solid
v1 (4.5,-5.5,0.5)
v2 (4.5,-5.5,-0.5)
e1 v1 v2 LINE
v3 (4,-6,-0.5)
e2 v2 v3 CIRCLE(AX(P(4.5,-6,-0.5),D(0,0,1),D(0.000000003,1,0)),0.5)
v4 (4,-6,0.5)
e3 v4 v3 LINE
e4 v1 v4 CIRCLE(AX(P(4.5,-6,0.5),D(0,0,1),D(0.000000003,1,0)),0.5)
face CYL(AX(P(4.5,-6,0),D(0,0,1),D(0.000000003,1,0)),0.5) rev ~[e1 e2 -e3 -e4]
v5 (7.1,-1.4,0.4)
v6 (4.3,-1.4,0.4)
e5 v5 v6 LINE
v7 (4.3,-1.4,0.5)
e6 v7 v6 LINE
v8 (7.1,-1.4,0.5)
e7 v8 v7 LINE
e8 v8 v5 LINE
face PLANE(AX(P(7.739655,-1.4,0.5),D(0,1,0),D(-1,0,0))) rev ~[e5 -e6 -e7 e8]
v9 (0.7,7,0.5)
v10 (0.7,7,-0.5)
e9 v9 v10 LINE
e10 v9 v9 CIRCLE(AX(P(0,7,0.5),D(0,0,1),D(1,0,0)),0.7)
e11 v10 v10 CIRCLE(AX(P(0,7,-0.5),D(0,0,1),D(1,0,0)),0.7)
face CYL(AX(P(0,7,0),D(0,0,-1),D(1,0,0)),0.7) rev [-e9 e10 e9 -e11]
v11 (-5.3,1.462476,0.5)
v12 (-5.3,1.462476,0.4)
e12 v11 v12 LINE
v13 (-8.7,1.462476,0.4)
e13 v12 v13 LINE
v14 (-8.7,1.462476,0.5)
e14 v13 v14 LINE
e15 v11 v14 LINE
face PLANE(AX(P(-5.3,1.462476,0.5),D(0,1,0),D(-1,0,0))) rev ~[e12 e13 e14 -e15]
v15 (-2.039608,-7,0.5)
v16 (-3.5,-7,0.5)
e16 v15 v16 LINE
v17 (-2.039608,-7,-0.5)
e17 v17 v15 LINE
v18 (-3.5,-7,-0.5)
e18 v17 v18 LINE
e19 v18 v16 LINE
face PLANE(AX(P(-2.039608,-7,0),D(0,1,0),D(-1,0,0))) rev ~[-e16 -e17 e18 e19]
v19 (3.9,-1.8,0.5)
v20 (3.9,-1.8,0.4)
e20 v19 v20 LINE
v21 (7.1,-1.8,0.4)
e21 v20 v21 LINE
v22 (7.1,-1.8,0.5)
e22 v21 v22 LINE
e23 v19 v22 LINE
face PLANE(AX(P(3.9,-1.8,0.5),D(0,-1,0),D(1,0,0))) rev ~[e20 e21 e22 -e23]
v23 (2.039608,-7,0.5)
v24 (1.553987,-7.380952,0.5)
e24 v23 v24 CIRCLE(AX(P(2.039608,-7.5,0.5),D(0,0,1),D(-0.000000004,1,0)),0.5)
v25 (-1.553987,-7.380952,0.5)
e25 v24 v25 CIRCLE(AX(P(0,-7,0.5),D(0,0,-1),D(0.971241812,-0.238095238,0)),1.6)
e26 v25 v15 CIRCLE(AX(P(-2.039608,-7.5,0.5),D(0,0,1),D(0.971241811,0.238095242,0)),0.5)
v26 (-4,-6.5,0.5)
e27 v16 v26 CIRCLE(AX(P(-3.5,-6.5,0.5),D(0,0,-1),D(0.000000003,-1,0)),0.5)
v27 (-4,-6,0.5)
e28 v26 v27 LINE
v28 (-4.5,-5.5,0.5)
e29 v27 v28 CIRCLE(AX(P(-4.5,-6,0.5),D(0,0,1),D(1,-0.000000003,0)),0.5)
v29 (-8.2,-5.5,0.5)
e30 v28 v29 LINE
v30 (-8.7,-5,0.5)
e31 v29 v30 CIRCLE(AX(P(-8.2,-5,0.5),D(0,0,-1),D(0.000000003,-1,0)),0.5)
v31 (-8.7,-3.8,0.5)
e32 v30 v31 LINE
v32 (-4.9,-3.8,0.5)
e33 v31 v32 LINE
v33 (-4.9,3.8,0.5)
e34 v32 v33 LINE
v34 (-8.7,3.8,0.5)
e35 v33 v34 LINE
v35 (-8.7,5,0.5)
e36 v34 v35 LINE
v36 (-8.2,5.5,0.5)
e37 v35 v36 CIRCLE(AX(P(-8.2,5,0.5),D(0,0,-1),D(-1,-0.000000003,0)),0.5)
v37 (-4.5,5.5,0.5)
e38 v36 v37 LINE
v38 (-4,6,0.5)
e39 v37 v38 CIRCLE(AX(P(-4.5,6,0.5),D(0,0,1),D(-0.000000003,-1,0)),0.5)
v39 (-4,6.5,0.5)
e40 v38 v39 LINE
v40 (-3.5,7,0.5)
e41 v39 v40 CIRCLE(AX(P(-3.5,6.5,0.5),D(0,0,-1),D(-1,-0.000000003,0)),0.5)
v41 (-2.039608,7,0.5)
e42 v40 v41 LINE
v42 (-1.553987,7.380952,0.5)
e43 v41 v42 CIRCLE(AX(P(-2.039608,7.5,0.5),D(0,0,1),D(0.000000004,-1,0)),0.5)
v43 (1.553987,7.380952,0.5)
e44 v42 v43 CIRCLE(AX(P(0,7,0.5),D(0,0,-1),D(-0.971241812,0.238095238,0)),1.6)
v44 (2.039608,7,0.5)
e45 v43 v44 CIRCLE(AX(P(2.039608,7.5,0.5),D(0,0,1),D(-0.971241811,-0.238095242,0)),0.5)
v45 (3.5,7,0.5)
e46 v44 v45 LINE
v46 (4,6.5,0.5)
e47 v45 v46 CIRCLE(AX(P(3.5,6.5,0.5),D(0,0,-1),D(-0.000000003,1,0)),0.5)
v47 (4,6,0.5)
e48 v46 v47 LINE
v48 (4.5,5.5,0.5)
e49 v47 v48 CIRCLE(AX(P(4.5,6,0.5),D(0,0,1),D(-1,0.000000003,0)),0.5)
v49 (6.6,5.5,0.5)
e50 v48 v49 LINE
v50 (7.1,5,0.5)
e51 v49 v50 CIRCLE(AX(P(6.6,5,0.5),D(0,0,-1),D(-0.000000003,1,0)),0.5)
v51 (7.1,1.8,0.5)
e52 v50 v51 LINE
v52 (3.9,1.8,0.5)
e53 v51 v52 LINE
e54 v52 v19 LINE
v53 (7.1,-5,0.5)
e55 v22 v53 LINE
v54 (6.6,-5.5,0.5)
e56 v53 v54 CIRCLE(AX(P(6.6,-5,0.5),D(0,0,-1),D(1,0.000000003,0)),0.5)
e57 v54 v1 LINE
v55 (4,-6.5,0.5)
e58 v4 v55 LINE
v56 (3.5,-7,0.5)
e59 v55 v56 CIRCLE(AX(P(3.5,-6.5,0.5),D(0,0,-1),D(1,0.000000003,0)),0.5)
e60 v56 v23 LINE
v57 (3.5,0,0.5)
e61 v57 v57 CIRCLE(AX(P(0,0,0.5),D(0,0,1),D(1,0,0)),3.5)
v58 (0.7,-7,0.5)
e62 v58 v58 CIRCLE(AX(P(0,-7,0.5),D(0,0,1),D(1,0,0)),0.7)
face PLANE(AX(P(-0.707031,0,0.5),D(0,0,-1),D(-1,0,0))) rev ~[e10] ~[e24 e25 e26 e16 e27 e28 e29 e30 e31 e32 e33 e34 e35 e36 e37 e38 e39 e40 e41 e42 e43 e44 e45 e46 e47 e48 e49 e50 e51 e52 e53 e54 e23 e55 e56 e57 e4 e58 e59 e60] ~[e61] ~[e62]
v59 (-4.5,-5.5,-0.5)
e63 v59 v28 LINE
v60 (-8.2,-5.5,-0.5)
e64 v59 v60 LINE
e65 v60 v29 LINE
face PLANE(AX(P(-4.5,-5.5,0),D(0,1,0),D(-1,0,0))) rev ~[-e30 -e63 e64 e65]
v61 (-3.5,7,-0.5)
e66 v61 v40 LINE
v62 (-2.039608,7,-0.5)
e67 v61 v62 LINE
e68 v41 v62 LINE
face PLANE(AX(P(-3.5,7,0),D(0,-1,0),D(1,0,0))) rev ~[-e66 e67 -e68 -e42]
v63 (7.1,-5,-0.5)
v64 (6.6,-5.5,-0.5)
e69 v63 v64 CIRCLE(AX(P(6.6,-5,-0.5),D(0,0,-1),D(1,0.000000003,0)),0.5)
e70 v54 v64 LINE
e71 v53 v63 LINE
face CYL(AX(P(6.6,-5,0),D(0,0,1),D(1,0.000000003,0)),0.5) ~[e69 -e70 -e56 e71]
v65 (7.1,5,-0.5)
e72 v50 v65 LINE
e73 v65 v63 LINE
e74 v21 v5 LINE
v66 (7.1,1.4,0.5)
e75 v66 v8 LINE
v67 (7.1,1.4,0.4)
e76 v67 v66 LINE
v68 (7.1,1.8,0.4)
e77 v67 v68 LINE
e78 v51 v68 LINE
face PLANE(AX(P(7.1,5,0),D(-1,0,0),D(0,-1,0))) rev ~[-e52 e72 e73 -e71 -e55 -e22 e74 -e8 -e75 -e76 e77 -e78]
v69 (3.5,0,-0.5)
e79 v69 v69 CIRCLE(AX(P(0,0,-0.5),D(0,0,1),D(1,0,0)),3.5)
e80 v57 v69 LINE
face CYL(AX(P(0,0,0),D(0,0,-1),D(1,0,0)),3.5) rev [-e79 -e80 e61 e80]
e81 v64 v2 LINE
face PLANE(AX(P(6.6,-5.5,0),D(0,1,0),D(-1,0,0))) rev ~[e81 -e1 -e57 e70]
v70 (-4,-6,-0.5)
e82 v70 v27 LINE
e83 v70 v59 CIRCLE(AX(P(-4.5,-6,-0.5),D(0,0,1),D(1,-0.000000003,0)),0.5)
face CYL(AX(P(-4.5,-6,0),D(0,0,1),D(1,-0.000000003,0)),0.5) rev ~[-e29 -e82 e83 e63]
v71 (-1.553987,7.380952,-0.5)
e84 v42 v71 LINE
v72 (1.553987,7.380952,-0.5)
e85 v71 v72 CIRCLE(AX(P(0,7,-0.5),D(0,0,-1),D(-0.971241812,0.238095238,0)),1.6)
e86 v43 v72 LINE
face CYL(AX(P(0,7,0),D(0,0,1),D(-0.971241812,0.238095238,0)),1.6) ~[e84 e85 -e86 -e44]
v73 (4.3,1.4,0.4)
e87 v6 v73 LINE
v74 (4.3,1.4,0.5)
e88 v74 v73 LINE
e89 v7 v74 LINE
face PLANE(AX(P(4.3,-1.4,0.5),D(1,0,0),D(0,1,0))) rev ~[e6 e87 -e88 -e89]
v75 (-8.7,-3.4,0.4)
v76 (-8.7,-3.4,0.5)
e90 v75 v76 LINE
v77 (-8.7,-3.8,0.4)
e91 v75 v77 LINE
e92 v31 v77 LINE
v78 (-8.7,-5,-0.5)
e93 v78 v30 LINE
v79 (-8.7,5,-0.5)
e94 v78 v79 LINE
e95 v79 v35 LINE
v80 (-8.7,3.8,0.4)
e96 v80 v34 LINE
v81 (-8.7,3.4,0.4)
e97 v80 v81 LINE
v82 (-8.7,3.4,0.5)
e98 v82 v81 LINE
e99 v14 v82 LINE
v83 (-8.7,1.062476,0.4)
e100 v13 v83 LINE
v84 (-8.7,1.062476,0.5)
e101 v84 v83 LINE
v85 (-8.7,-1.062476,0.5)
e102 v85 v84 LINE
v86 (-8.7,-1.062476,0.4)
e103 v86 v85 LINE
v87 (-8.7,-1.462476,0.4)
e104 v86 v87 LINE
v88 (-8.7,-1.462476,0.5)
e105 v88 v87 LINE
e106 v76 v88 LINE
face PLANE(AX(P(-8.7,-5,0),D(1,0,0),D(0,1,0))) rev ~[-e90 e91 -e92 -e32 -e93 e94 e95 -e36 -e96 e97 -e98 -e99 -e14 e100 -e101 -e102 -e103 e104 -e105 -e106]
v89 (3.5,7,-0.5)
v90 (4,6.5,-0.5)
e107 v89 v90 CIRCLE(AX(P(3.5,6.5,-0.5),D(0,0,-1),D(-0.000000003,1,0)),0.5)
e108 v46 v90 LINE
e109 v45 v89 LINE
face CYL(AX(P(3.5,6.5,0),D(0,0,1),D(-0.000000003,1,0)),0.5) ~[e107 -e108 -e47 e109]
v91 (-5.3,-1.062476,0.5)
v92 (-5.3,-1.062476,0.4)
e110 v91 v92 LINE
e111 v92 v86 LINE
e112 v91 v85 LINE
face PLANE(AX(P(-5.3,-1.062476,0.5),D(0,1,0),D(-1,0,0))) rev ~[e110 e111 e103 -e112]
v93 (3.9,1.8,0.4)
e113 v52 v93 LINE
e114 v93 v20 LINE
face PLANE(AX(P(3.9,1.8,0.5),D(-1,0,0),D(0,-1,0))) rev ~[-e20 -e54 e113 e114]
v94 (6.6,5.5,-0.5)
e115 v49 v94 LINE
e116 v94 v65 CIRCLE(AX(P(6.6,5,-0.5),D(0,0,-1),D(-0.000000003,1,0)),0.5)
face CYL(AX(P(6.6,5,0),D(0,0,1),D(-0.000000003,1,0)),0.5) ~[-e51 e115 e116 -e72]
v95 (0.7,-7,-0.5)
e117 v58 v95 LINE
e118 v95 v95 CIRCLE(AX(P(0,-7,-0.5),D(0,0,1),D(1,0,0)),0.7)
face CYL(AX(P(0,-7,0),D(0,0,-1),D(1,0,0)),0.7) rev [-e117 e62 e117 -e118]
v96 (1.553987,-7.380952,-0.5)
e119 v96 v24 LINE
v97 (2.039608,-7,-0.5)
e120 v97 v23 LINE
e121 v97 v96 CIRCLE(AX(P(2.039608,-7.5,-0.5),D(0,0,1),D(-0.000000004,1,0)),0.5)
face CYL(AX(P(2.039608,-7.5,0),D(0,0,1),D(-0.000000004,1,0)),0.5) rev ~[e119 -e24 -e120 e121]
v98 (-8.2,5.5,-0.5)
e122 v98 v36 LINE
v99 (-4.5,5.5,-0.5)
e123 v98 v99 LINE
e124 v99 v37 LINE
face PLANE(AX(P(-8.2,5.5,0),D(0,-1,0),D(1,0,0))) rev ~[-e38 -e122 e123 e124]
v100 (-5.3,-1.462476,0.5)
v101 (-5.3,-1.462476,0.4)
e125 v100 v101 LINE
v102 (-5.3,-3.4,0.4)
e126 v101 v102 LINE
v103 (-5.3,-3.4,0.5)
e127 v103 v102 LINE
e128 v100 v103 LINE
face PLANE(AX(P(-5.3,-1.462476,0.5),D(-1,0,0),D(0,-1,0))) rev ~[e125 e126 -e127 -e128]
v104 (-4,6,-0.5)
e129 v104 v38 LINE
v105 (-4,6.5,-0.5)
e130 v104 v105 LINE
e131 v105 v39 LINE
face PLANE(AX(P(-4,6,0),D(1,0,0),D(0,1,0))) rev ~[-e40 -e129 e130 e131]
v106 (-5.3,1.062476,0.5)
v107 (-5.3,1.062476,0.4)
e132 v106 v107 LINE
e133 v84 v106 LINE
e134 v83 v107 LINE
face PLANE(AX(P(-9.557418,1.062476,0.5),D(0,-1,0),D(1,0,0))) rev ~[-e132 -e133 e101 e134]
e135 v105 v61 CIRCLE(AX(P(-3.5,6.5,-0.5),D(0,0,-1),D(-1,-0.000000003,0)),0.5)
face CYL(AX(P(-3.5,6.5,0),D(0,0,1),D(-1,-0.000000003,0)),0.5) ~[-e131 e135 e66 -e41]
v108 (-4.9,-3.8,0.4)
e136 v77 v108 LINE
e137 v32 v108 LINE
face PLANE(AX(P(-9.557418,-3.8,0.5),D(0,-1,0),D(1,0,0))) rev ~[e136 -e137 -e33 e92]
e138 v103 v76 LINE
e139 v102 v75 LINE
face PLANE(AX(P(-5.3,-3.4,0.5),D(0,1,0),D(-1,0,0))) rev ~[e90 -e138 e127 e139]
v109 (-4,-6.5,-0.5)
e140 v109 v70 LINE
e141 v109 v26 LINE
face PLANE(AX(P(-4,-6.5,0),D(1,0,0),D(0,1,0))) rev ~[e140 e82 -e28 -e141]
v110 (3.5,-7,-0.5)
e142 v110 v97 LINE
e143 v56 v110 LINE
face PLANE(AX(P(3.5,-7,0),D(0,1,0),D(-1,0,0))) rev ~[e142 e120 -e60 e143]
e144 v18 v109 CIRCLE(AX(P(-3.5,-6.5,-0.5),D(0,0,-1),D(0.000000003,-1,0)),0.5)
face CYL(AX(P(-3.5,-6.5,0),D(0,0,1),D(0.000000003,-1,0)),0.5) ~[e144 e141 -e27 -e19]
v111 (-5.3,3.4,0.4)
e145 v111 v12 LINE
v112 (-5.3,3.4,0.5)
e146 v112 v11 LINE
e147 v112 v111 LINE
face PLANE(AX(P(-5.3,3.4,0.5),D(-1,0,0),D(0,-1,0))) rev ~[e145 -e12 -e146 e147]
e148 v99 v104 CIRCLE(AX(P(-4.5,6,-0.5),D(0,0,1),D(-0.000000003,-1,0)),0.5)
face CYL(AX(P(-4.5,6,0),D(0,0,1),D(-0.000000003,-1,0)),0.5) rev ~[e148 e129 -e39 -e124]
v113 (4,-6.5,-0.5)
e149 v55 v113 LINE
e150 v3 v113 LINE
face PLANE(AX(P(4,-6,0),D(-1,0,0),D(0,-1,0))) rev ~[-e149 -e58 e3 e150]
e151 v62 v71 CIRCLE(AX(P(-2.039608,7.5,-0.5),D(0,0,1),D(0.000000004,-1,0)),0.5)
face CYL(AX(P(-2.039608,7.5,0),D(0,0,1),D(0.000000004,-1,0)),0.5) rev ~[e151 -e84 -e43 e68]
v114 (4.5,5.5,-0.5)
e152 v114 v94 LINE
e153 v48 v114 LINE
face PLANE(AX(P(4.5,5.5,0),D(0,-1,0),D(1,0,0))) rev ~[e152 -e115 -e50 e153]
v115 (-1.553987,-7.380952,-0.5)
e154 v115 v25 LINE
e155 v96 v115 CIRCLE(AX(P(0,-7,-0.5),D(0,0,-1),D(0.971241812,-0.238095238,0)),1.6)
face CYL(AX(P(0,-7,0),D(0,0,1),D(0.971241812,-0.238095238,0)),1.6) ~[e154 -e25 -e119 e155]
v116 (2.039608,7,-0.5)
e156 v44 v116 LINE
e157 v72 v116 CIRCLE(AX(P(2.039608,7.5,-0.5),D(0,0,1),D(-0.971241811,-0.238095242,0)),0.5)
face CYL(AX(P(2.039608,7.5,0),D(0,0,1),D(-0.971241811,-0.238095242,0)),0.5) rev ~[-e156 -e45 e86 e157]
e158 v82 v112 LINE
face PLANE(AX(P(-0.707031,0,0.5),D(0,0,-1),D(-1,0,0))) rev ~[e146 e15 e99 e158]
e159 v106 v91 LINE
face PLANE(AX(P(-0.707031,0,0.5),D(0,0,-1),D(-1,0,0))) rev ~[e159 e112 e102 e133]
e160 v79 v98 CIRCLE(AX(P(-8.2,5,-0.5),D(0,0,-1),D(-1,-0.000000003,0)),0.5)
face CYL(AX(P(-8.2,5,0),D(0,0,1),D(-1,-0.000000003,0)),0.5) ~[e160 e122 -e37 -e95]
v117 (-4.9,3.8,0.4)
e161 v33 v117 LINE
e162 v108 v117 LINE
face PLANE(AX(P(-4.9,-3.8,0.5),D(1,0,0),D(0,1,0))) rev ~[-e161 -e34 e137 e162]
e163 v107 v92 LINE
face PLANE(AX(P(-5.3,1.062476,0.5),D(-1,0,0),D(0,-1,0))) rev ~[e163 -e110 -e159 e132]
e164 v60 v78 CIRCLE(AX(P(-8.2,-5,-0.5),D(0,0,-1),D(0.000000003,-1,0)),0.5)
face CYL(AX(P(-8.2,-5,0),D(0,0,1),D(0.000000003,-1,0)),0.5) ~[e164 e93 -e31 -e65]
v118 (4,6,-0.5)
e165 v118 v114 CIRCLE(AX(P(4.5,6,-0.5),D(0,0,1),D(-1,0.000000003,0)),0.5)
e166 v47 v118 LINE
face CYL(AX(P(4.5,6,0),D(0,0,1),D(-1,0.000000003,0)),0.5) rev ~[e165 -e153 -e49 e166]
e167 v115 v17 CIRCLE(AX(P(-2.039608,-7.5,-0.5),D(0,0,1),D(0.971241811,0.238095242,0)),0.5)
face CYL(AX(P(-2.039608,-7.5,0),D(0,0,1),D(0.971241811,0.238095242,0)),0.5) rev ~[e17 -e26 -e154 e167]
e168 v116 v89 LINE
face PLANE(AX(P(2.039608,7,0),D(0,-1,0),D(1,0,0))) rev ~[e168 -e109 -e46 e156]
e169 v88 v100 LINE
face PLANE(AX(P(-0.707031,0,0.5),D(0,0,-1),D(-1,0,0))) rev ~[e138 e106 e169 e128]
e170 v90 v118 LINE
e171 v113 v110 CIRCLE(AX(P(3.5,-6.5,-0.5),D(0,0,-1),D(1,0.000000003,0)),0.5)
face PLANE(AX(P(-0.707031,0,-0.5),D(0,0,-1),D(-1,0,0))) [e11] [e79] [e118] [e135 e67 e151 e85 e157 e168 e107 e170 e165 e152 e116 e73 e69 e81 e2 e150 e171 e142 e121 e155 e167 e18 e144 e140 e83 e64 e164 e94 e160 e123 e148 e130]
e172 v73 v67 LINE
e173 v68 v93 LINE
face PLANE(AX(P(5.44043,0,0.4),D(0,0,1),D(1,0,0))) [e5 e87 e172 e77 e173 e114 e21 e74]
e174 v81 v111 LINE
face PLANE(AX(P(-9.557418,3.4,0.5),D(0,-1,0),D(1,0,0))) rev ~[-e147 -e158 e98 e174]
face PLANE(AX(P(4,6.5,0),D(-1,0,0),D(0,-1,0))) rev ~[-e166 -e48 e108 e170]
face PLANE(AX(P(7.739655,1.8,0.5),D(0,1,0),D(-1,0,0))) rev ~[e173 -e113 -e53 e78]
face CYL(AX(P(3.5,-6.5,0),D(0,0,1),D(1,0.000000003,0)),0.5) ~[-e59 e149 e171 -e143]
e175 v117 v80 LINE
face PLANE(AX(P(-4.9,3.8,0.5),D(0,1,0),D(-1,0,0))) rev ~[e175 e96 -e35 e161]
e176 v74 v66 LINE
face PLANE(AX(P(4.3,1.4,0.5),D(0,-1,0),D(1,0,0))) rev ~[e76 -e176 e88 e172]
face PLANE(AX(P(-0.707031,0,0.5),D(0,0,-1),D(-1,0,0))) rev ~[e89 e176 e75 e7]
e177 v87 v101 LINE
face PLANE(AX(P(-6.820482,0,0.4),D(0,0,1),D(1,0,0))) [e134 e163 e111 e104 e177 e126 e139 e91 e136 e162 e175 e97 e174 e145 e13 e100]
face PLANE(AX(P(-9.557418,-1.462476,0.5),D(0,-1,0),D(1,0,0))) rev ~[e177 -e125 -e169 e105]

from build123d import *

# Parameters (mm, degrees)
MODEL_R         = 3.5
MODEL_R_2       = 0.7
EXTRUDE_1_DEPTH = 0.5
EXTRUDE2_DEPTH  = 0.1


with BuildPart() as part:
    # Model → Бобышка-Вытянуть1 (new, symmetric)
    with BuildSketch(Plane.XY):
        with BuildLine():
            Line((-3.5, 7), (-2.039607805, 7))
            ThreePointArc((-2.039607805, 7), (-1.731001106, 7.106602104), (-1.553986899, 7.380952381))
            ThreePointArc((-1.553986899, 7.380952381), (0, 8.6), (1.553986899, 7.380952381))
            ThreePointArc((1.553986899, 7.380952381), (1.731001106, 7.106602104), (2.039607805, 7))
            Line((2.039607805, 7), (3.5, 7))
            ThreePointArc((3.5, 7), (3.853553391, 6.853553391), (4, 6.5))
            Line((4, 6.5), (4, 6))
            ThreePointArc((4, 6), (4.146446609, 5.646446609), (4.5, 5.5))
            Line((4.5, 5.5), (6.6, 5.5))
            ThreePointArc((6.6, 5.5), (6.953553391, 5.353553391), (7.1, 5))
            Line((7.1, 5), (7.1, -5))
            ThreePointArc((7.1, -5), (6.953553391, -5.353553391), (6.6, -5.5))
            Line((6.6, -5.5), (4.5, -5.5))
            ThreePointArc((4.5, -5.5), (4.146446609, -5.646446609), (4, -6))
            Line((4, -6), (4, -6.5))
            ThreePointArc((4, -6.5), (3.853553391, -6.853553391), (3.5, -7))
            Line((3.5, -7), (2.039607805, -7))
            ThreePointArc((2.039607805, -7), (1.731001106, -7.106602104), (1.553986899, -7.380952381))
            ThreePointArc((1.553986899, -7.380952381), (0, -8.6), (-1.553986899, -7.380952381))
            ThreePointArc((-1.553986899, -7.380952381), (-1.731001106, -7.106602104), (-2.039607805, -7))
            Line((-2.039607805, -7), (-3.5, -7))
            ThreePointArc((-3.5, -7), (-3.853553391, -6.853553391), (-4, -6.5))
            Line((-4, -6.5), (-4, -6))
            ThreePointArc((-4, -6), (-4.146446609, -5.646446609), (-4.5, -5.5))
            Line((-4.5, -5.5), (-8.2, -5.5))
            ThreePointArc((-8.2, -5.5), (-8.553553391, -5.353553391), (-8.7, -5))
            Line((-8.7, -5), (-8.7, 5))
            ThreePointArc((-8.7, 5), (-8.553553391, 5.353553391), (-8.2, 5.5))
            Line((-8.2, 5.5), (-4.5, 5.5))
            ThreePointArc((-4.5, 5.5), (-4.146446609, 5.646446609), (-4, 6))
            Line((-4, 6), (-4, 6.5))
            ThreePointArc((-4, 6.5), (-3.853553391, 6.853553391), (-3.5, 7))
        make_face()
        Circle(MODEL_R, mode=Mode.SUBTRACT)
        with Locations((0, 7)):
            Circle(MODEL_R_2, mode=Mode.SUBTRACT)
        with Locations((0, -7)):
            Circle(MODEL_R_2, mode=Mode.SUBTRACT)
    extrude(amount=EXTRUDE_1_DEPTH, both=True)

    # Sketch2 → Extrude2 (cut)
    with BuildSketch(Plane.XY.offset(0.5)):
        Polygon((-9.557418436, -3.8), (-4.9, -3.8), (-4.9, 3.8), (-9.557418436, 3.8), (-9.557418436, 3.4), (-5.3, 3.4), (-5.3, 1.462476295), (-9.557418436, 1.462476295), (-9.557418436, 1.062476295), (-5.3, 1.062476295), (-5.3, -1.062476295), (-9.557418436, -1.062476295), (-9.557418436, -1.462476295), (-5.3, -1.462476295), (-5.3, -3.4), (-9.557418436, -3.4), align=None)
        Polygon((7.739654587, -1.8), (7.739654587, -1.4), (4.3, -1.4), (4.3, 1.4), (7.739654587, 1.4), (7.739654587, 1.8), (3.9, 1.8), (3.9, -1.8), align=None)
    extrude(amount=-EXTRUDE2_DEPTH, mode=Mode.SUBTRACT)


solid = part.part
